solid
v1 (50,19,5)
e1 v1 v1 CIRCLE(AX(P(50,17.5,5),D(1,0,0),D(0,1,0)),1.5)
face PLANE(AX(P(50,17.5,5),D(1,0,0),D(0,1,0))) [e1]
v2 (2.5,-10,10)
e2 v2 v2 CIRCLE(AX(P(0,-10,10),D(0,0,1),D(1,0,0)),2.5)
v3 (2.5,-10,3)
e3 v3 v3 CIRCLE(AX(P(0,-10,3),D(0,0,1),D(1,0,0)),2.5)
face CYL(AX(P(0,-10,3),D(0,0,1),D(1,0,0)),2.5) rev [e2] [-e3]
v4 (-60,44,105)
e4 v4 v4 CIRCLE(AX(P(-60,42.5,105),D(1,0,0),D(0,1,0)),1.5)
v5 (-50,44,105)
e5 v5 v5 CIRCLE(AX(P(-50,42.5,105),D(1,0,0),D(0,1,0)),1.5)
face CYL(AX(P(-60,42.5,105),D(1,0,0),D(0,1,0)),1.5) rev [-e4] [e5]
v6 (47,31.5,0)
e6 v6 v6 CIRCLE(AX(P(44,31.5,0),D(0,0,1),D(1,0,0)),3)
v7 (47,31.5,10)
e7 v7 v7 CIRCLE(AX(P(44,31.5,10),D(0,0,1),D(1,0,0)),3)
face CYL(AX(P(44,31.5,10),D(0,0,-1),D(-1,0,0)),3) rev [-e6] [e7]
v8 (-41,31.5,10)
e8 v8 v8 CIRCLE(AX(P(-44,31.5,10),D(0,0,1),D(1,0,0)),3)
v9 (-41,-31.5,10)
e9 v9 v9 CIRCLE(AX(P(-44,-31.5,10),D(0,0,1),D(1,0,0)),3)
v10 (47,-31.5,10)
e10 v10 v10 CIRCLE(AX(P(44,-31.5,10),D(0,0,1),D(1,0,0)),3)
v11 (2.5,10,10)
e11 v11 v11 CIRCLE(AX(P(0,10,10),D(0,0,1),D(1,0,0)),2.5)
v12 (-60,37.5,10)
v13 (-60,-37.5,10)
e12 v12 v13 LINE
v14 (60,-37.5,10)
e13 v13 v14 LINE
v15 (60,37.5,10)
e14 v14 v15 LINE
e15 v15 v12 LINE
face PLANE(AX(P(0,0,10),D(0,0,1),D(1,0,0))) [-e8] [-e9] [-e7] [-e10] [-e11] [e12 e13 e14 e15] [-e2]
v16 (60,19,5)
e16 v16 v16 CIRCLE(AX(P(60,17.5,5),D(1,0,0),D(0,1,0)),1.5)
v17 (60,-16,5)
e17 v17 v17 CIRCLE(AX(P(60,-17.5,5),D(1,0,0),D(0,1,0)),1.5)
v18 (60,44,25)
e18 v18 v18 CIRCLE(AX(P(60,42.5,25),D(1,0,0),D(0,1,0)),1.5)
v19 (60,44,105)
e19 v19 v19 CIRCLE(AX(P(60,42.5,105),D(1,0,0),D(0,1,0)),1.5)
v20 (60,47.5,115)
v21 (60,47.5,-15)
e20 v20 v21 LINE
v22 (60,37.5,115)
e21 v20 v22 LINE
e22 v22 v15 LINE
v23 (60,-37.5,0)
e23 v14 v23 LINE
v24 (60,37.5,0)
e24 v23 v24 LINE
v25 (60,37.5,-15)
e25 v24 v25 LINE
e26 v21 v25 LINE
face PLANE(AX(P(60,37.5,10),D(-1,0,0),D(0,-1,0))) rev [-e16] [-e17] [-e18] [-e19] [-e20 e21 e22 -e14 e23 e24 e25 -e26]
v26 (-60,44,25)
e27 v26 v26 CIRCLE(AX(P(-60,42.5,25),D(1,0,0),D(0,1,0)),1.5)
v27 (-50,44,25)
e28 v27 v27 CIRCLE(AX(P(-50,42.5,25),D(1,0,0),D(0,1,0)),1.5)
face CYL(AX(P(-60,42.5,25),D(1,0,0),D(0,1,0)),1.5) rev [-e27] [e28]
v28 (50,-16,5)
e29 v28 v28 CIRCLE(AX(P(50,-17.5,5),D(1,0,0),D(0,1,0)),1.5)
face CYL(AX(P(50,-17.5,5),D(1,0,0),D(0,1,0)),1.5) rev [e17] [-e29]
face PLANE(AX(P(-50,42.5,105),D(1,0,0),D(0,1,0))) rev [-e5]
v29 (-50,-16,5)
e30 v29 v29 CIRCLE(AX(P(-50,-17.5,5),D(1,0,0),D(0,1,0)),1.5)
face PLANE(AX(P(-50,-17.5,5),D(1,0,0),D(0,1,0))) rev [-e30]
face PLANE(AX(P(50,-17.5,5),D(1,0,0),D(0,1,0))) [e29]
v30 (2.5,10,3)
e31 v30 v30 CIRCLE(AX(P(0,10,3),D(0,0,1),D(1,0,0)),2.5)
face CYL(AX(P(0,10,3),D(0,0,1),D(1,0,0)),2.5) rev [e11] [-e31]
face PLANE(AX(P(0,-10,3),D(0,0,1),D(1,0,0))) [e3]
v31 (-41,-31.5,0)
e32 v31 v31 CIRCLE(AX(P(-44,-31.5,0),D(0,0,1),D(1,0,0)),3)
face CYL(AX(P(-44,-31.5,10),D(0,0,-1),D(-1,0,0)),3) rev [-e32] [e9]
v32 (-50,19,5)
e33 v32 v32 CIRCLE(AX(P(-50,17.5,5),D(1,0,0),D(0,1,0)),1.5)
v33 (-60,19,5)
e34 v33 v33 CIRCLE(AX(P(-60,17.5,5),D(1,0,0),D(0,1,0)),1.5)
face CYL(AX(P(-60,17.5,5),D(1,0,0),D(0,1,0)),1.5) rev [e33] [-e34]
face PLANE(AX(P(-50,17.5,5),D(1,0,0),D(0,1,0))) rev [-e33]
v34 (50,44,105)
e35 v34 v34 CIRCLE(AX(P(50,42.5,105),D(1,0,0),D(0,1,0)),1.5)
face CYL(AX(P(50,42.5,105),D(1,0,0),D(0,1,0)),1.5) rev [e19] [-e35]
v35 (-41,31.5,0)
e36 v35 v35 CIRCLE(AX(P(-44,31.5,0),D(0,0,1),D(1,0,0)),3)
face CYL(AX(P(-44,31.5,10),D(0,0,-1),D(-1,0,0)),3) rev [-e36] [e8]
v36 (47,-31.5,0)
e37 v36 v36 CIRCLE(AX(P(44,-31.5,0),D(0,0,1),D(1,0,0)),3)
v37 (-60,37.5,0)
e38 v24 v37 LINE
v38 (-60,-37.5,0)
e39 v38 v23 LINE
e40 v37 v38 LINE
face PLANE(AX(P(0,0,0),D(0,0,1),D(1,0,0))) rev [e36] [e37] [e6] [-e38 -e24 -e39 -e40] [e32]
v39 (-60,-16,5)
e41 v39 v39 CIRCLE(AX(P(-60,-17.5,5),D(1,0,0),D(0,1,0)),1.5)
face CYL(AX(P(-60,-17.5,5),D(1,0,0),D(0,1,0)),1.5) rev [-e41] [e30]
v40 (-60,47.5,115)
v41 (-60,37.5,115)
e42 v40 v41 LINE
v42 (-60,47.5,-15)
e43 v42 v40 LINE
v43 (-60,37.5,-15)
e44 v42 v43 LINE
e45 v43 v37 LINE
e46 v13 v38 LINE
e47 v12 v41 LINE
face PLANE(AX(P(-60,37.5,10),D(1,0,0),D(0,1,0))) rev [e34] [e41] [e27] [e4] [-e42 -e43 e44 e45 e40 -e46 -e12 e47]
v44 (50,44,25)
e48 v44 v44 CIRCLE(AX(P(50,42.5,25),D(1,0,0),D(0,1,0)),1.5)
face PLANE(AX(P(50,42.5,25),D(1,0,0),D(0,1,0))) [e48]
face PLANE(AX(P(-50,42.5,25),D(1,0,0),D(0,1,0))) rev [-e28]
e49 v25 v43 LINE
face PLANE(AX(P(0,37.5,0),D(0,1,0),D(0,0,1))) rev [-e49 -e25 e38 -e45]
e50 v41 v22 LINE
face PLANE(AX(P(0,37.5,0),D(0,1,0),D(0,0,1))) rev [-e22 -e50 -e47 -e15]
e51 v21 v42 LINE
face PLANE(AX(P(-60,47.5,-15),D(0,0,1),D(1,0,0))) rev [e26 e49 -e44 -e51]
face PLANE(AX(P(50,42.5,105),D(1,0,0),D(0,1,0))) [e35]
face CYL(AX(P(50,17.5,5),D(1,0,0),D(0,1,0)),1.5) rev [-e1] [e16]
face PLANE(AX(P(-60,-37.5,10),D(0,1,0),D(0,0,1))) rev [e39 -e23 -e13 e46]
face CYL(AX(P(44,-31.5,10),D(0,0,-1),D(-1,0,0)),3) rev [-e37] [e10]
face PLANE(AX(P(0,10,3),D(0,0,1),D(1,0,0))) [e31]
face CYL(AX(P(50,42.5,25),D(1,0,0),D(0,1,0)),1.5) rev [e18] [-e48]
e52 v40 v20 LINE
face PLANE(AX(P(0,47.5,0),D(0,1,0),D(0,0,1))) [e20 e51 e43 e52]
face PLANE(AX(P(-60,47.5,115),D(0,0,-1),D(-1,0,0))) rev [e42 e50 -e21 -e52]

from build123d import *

# Parameters (mm, degrees)
SKETCH1_W           = 120
SKETCH1_H           = 75
SKETCH1_R           = 3
BOSS_EXTRUDE1_DEPTH = 10
SKETCH2_R           = 2.5
CUT_EXTRUDE1_DEPTH  = 7
SKETCH3_R           = 1.5
CUT_EXTRUDE2_DEPTH  = 10
LPATTERN1_COUNT     = 2
LPATTERN1_PITCH     = 110
SKETCH4_W           = 120
SKETCH4_H           = 130
BOSS_EXTRUDE2_DEPTH = 10
SKETCH5_R           = 1.5
CUT_EXTRUDE3_DEPTH  = 10
LPATTERN2_COUNT     = 2
LPATTERN2_PITCH     = 110


with BuildPart() as part:
    # Sketch1 → Boss-Extrude1 (new body)
    with BuildSketch(Plane.XY):
        Rectangle(SKETCH1_W, SKETCH1_H)
        with Locations((-44, 31.5)):
            Circle(SKETCH1_R, mode=Mode.SUBTRACT)
        with Locations((44, 31.5)):
            Circle(SKETCH1_R, mode=Mode.SUBTRACT)
        with Locations((-44, -31.5)):
            Circle(SKETCH1_R, mode=Mode.SUBTRACT)
        with Locations((44, -31.5)):
            Circle(SKETCH1_R, mode=Mode.SUBTRACT)
    extrude(amount=BOSS_EXTRUDE1_DEPTH)

    # Sketch2 → Cut-Extrude1 (cut)
    with BuildSketch(Plane.XY.offset(10)):
        with Locations((0, 10)):
            Circle(SKETCH2_R)
        with Locations((0, -10)):
            Circle(SKETCH2_R)
    extrude(amount=-CUT_EXTRUDE1_DEPTH, mode=Mode.SUBTRACT)

    # Sketch3 → Cut-Extrude2 (cut)
    with BuildSketch(Plane(origin=(60, 0, 0), x_dir=(0, 0, -1), z_dir=(1, 0, 0))):
        with Locations(Location((-5, 17.5, 0), (0, 0, 90))):
            Circle(SKETCH3_R)
        with Locations(Location((-5, -17.5, 0), (0, 0, 90))):
            Circle(SKETCH3_R)
    cut_extrude2 = extrude(amount=-CUT_EXTRUDE2_DEPTH, mode=Mode.SUBTRACT)

    # LPattern1: Cut-Extrude2 ×2
    with Locations(*[(-i * LPATTERN1_PITCH, 0, 0) for i in range(1, LPATTERN1_COUNT)]):
        add(cut_extrude2, mode=Mode.SUBTRACT)

    # Sketch4 → Boss-Extrude2 (add)
    with BuildSketch(Plane(origin=(0, 37.5, 0), x_dir=(1, 0, 0), z_dir=(0, 1, 0))):
        with Locations((0, -50)):
            Rectangle(SKETCH4_W, SKETCH4_H)
    extrude(amount=BOSS_EXTRUDE2_DEPTH)

    # Sketch5 → Cut-Extrude3 (cut)
    with BuildSketch(Plane(origin=(60, 0, 0), x_dir=(0, 0, -1), z_dir=(1, 0, 0))):
        with Locations(Location((-105, 42.5, 0), (0, 0, 90))):
            Circle(SKETCH5_R)
        with Locations(Location((-25, 42.5, 0), (0, 0, 90))):
            Circle(SKETCH5_R)
    cut_extrude3 = extrude(amount=-CUT_EXTRUDE3_DEPTH, mode=Mode.SUBTRACT)

    # LPattern2: Cut-Extrude3 ×2
    with Locations(*[(-i * LPATTERN2_PITCH, 0, 0) for i in range(1, LPATTERN2_COUNT)]):
        add(cut_extrude3, mode=Mode.SUBTRACT)


solid = part.part
